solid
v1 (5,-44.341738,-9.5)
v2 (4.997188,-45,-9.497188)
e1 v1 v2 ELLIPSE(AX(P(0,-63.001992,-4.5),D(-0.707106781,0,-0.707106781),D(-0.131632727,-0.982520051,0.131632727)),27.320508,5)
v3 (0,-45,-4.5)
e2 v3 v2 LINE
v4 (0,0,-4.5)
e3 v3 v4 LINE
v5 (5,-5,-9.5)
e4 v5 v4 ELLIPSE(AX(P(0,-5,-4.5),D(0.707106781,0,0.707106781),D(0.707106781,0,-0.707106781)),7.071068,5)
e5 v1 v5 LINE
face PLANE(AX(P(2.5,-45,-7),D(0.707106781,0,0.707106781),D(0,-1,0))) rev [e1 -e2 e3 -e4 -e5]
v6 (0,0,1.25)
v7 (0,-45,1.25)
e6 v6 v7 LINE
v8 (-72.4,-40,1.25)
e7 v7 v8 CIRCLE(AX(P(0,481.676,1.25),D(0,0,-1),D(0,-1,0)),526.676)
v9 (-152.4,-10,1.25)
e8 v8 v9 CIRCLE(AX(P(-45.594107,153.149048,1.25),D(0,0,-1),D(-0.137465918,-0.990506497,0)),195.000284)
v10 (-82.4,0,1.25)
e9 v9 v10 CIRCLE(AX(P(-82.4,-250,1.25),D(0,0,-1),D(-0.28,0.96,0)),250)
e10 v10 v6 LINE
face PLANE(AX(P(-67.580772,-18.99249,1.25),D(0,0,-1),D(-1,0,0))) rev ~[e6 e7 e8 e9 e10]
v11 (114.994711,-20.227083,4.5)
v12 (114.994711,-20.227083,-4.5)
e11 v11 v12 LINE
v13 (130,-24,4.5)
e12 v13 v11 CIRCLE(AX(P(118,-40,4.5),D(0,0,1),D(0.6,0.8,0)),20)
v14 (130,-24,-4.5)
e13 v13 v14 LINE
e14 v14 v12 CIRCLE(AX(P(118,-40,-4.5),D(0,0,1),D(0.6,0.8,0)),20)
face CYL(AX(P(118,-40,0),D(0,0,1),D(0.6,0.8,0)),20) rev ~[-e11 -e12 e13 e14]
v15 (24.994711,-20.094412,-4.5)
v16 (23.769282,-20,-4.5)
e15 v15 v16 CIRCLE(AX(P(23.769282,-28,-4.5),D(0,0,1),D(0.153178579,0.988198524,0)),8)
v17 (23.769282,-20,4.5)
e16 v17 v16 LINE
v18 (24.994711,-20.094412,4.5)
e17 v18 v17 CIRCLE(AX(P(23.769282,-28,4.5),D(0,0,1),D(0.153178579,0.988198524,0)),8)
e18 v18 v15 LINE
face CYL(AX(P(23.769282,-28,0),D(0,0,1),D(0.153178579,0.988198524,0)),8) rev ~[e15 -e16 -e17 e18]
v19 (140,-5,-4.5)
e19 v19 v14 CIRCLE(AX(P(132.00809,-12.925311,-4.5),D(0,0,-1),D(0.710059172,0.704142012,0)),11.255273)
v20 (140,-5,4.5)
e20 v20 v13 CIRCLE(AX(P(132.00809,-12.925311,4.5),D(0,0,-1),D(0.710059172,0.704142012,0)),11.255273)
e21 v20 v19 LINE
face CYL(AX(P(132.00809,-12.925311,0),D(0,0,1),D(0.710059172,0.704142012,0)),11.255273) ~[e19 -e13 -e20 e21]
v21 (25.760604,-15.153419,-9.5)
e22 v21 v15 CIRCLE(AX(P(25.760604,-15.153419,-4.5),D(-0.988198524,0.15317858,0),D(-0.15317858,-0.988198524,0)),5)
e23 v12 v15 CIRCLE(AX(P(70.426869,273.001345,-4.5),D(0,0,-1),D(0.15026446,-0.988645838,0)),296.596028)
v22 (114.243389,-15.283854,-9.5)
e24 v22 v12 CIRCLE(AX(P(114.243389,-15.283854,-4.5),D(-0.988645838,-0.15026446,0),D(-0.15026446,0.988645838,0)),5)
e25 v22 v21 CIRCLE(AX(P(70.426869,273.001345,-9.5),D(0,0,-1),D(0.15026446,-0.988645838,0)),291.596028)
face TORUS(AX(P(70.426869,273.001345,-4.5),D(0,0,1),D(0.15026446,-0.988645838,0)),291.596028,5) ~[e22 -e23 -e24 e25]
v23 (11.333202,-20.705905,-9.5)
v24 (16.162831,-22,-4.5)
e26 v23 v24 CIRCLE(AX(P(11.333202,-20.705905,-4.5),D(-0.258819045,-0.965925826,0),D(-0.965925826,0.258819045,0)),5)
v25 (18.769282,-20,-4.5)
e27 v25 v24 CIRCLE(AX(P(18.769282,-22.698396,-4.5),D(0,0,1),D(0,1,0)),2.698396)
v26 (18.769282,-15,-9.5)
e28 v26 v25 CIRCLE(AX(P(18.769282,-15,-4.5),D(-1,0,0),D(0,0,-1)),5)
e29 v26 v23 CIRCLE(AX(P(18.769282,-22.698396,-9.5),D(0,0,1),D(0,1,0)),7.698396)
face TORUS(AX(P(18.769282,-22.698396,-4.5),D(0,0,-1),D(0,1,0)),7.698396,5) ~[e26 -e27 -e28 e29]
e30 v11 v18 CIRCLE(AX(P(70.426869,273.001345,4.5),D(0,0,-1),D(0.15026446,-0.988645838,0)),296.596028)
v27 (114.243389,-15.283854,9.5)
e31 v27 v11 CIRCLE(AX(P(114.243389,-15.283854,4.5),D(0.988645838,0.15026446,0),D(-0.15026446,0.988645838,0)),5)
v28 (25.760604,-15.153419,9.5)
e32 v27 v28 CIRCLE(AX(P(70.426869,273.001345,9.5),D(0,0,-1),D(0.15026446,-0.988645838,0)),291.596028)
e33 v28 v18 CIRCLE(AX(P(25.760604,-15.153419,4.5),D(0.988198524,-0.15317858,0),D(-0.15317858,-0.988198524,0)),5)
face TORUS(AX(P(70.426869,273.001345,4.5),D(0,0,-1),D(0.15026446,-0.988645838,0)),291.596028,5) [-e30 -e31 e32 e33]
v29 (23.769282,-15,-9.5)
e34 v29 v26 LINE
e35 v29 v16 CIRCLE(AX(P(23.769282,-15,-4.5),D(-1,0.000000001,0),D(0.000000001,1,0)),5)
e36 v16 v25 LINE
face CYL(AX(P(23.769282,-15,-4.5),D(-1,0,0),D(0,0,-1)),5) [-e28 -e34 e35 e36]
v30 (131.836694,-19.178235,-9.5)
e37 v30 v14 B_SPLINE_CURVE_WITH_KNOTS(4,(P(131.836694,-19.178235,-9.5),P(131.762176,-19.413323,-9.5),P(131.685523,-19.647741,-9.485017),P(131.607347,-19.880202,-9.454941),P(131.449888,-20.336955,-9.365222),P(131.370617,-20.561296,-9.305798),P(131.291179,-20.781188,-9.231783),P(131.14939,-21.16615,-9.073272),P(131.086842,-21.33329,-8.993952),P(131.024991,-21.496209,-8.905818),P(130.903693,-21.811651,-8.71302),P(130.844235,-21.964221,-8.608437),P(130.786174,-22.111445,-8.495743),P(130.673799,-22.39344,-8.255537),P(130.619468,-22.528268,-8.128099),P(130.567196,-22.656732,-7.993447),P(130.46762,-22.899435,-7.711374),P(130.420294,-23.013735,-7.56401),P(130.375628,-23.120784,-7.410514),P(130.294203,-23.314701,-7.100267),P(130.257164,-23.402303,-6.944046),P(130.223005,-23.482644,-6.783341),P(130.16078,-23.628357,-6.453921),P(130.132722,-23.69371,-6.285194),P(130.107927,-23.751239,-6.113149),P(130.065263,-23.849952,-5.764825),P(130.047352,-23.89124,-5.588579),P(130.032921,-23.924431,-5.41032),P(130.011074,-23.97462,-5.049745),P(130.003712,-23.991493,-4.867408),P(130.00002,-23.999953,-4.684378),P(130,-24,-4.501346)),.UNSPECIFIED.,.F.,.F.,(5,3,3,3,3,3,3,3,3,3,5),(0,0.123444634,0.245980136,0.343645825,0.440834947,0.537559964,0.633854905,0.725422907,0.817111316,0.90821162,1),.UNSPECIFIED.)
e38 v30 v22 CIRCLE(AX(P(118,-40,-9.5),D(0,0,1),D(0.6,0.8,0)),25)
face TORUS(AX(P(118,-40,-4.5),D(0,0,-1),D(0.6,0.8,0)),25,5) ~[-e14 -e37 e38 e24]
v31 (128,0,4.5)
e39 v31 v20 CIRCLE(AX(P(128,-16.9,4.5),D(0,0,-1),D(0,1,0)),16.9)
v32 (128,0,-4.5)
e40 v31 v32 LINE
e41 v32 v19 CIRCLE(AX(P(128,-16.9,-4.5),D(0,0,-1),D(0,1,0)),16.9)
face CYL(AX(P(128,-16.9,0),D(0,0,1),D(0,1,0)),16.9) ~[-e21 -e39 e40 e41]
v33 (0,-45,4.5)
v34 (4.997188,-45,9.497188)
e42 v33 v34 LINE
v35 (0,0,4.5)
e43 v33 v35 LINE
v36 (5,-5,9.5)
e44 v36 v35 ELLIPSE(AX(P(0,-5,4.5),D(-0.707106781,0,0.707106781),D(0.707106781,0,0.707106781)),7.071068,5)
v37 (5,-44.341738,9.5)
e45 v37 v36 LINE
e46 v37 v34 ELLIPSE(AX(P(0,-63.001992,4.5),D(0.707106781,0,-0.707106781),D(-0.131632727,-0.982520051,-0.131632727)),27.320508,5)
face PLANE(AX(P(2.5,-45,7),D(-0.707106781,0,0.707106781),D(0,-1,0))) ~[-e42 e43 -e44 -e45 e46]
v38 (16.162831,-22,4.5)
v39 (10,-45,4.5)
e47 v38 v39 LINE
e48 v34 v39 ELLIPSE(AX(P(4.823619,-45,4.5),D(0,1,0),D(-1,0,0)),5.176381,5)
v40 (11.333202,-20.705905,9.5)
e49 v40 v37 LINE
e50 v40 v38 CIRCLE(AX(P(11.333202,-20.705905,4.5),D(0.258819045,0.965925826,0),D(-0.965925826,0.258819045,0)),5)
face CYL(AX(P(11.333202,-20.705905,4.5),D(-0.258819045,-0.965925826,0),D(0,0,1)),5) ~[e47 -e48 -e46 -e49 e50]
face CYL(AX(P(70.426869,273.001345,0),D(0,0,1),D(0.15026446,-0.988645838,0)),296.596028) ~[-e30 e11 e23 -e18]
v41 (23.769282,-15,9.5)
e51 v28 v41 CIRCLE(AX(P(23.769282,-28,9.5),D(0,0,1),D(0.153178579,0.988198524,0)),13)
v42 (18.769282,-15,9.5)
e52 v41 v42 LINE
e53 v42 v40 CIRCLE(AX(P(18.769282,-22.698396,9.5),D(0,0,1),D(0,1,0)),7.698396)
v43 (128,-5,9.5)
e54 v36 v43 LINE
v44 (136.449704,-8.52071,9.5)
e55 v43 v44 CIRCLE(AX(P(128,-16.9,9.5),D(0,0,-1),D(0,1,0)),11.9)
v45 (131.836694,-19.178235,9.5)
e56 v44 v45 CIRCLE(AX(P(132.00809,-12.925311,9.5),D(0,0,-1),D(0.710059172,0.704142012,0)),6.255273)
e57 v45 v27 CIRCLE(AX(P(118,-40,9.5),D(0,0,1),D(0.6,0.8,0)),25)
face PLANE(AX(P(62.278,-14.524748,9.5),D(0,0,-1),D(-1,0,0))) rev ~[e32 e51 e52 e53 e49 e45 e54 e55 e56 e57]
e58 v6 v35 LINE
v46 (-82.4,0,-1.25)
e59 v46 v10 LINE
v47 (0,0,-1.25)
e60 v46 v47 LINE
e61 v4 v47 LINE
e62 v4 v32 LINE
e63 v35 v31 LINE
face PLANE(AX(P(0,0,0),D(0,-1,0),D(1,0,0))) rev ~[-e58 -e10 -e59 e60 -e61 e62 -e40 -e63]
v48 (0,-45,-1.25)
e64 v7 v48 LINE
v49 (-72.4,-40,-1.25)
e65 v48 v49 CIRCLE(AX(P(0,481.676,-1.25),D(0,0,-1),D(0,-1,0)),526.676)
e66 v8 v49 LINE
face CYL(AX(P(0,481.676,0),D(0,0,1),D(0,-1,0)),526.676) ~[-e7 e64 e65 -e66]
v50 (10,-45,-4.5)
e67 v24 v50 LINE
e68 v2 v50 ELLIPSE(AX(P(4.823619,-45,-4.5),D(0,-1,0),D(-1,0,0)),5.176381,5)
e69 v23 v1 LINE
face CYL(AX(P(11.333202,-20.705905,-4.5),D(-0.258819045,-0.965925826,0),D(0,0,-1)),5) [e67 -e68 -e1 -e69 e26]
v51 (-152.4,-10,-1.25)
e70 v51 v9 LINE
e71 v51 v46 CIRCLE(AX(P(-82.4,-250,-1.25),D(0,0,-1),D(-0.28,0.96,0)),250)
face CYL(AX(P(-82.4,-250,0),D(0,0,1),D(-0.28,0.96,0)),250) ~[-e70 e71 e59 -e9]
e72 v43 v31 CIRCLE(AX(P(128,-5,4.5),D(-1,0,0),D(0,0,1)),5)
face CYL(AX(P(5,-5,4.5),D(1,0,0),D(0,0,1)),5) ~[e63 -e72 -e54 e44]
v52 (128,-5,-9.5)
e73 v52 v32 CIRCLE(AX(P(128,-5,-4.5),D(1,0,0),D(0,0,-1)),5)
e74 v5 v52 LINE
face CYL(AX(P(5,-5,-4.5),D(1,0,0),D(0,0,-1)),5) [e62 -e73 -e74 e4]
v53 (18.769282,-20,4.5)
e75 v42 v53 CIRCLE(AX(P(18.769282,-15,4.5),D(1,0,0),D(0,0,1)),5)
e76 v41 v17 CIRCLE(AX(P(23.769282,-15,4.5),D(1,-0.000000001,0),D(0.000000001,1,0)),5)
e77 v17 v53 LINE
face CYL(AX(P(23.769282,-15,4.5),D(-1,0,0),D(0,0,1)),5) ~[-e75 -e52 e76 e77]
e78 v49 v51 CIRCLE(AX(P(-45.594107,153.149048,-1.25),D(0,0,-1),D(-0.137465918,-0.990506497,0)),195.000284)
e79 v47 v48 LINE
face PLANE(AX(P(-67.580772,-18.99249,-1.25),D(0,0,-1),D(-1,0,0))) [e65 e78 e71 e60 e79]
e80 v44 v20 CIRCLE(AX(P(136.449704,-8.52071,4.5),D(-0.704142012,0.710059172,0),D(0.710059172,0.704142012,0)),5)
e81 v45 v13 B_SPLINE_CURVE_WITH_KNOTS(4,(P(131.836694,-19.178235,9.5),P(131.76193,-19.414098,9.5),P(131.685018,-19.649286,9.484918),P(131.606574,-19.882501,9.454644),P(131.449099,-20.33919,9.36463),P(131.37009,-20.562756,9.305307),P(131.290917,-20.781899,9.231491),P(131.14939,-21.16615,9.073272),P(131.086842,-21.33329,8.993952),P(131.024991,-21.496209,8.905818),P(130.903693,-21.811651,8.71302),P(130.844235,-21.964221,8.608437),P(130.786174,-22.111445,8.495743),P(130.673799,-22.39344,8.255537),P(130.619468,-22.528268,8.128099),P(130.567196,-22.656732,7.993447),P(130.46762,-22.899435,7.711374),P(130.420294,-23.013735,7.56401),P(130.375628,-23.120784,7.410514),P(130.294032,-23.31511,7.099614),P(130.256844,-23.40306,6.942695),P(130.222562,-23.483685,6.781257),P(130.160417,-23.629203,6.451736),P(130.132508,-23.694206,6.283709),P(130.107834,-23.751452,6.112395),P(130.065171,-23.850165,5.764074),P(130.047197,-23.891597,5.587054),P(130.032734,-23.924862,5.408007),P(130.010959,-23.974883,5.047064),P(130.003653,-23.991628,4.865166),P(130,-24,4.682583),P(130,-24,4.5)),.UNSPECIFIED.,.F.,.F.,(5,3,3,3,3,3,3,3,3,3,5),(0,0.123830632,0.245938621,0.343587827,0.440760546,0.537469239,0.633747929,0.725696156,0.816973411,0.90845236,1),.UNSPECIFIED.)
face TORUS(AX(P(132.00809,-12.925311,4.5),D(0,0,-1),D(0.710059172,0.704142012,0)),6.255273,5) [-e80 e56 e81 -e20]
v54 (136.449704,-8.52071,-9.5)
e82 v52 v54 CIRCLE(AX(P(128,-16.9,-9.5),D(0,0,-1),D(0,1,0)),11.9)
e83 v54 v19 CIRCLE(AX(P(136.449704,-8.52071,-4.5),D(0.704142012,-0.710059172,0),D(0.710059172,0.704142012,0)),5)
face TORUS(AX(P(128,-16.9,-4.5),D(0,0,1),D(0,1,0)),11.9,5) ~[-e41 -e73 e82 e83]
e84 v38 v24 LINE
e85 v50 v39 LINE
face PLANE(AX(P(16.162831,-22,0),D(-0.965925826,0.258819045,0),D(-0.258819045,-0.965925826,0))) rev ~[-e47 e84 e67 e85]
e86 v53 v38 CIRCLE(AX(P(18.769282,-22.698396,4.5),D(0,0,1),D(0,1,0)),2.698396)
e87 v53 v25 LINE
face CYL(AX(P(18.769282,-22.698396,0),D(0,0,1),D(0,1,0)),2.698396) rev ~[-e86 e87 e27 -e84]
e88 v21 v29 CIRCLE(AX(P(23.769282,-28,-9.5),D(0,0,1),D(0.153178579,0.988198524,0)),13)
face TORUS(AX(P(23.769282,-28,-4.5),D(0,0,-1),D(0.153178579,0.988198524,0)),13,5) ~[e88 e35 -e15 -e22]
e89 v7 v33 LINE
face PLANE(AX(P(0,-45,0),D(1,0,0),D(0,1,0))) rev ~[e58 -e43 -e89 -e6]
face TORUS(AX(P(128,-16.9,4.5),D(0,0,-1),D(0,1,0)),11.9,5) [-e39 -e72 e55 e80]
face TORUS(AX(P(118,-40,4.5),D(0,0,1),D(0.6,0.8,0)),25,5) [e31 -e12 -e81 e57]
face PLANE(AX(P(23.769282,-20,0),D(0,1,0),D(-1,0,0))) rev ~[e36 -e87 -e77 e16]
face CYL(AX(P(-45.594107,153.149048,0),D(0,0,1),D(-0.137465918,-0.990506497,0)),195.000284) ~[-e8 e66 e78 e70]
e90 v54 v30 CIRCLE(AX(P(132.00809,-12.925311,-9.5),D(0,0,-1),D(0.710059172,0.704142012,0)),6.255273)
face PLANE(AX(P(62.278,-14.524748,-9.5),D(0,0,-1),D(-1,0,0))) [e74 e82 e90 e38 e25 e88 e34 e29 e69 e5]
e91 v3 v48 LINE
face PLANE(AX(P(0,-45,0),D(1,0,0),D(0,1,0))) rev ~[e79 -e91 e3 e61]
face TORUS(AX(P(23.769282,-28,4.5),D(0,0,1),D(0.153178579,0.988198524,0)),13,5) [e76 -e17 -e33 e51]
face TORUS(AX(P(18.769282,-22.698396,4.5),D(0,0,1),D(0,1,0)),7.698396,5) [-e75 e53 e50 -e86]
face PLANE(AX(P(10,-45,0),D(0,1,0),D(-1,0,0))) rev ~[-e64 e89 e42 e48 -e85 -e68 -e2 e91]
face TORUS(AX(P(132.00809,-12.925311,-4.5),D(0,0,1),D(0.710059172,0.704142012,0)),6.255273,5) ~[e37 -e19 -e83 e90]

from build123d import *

# Parameters (mm, degrees)
BOSS_EXTRUDE1_DEPTH = 1.25
BOSS_EXTRUDE2_DEPTH = 9.5
CHAMFER1_SIZE       = 5
FILLET1_R           = 5


with BuildPart() as part:
    # Sketch1 → Boss-Extrude1 (new, symmetric)
    with BuildSketch(Plane.XY):
        with BuildLine():
            Line((0, 0), (0, -45))
            ThreePointArc((0, -45), (-36.286223281, -43.748513109), (-72.4, -40))
            ThreePointArc((-72.4, -40), (-114.06327772, -29.435407254), (-152.4, -10))
            ThreePointArc((-152.4, -10), (-117.755339059, -2.512626585), (-82.4, 0))
            Line((-82.4, 0), (0, 0))
        make_face()
    extrude(amount=BOSS_EXTRUDE1_DEPTH, both=True)

    # Sketch2 → Boss-Extrude2 (add, symmetric)
    with BuildSketch(Plane.XY):
        with BuildLine():
            Line((0, 0), (128, 0))
            ThreePointArc((128, 0), (134.5, -1.3), (140, -5))
            ThreePointArc((140, -5), (141.968086361, -18.167413874), (130, -24))
            ThreePointArc((130, -24), (122.876979683, -20.60373569), (114.994710808, -20.227083248))
            ThreePointArc((114.994710808, -20.227083248), (69.989649226, -23.594360459), (24.994710808, -20.094411808))
            ThreePointArc((24.994710808, -20.094411808), (24.383812263, -20.023637874), (23.769282172, -20))
            Line((23.769282172, -20), (18.769282172, -20))
            ThreePointArc((18.769282172, -20), (17.12660254, -20.557614597), (16.162831426, -22))
            Line((16.162831426, -22), (10, -45))
            Line((10, -45), (0, -45))
            Line((0, -45), (0, 0))
        make_face()
    extrude(amount=BOSS_EXTRUDE2_DEPTH, both=True)

    # Chamfer1
    chamfer1_edges = [part.edges().sort_by_distance(p)[0] for p in [
        (0, -22.5, -9.5),
        (0, -22.5, 9.5),
    ]]
    chamfer(chamfer1_edges, length=CHAMFER1_SIZE)

    # Fillet1
    fillet1_edges = [part.edges().sort_by_distance(p)[0] for p in [
        (13.081415713, -33.5, -9.5),
        (17.12660254, -20.557614597, -9.5),
        (21.269282172, -20, -9.5),
        (24.383812263, -20.023637874, -9.5),
        (122.876979683, -20.60373569, -9.5),
        (141.968086361, -18.167413874, -9.5),
        (134.5, -1.3, -9.5),
        (13.081415713, -33.5, 9.5),
        (17.12660254, -20.557614597, 9.5),
        (21.269282172, -20, 9.5),
        (24.383812263, -20.023637874, 9.5),
        (122.876979683, -20.60373569, 9.5),
        (141.968086361, -18.167413874, 9.5),
        (134.5, -1.3, 9.5),
        (69.989649226, -23.594360459, -9.5),
        (66.5, 0, -9.5),
        (69.989649226, -23.594360459, 9.5),
        (66.5, 0, 9.5),
    ]]
    fillet(fillet1_edges, radius=FILLET1_R)


solid = part.part
